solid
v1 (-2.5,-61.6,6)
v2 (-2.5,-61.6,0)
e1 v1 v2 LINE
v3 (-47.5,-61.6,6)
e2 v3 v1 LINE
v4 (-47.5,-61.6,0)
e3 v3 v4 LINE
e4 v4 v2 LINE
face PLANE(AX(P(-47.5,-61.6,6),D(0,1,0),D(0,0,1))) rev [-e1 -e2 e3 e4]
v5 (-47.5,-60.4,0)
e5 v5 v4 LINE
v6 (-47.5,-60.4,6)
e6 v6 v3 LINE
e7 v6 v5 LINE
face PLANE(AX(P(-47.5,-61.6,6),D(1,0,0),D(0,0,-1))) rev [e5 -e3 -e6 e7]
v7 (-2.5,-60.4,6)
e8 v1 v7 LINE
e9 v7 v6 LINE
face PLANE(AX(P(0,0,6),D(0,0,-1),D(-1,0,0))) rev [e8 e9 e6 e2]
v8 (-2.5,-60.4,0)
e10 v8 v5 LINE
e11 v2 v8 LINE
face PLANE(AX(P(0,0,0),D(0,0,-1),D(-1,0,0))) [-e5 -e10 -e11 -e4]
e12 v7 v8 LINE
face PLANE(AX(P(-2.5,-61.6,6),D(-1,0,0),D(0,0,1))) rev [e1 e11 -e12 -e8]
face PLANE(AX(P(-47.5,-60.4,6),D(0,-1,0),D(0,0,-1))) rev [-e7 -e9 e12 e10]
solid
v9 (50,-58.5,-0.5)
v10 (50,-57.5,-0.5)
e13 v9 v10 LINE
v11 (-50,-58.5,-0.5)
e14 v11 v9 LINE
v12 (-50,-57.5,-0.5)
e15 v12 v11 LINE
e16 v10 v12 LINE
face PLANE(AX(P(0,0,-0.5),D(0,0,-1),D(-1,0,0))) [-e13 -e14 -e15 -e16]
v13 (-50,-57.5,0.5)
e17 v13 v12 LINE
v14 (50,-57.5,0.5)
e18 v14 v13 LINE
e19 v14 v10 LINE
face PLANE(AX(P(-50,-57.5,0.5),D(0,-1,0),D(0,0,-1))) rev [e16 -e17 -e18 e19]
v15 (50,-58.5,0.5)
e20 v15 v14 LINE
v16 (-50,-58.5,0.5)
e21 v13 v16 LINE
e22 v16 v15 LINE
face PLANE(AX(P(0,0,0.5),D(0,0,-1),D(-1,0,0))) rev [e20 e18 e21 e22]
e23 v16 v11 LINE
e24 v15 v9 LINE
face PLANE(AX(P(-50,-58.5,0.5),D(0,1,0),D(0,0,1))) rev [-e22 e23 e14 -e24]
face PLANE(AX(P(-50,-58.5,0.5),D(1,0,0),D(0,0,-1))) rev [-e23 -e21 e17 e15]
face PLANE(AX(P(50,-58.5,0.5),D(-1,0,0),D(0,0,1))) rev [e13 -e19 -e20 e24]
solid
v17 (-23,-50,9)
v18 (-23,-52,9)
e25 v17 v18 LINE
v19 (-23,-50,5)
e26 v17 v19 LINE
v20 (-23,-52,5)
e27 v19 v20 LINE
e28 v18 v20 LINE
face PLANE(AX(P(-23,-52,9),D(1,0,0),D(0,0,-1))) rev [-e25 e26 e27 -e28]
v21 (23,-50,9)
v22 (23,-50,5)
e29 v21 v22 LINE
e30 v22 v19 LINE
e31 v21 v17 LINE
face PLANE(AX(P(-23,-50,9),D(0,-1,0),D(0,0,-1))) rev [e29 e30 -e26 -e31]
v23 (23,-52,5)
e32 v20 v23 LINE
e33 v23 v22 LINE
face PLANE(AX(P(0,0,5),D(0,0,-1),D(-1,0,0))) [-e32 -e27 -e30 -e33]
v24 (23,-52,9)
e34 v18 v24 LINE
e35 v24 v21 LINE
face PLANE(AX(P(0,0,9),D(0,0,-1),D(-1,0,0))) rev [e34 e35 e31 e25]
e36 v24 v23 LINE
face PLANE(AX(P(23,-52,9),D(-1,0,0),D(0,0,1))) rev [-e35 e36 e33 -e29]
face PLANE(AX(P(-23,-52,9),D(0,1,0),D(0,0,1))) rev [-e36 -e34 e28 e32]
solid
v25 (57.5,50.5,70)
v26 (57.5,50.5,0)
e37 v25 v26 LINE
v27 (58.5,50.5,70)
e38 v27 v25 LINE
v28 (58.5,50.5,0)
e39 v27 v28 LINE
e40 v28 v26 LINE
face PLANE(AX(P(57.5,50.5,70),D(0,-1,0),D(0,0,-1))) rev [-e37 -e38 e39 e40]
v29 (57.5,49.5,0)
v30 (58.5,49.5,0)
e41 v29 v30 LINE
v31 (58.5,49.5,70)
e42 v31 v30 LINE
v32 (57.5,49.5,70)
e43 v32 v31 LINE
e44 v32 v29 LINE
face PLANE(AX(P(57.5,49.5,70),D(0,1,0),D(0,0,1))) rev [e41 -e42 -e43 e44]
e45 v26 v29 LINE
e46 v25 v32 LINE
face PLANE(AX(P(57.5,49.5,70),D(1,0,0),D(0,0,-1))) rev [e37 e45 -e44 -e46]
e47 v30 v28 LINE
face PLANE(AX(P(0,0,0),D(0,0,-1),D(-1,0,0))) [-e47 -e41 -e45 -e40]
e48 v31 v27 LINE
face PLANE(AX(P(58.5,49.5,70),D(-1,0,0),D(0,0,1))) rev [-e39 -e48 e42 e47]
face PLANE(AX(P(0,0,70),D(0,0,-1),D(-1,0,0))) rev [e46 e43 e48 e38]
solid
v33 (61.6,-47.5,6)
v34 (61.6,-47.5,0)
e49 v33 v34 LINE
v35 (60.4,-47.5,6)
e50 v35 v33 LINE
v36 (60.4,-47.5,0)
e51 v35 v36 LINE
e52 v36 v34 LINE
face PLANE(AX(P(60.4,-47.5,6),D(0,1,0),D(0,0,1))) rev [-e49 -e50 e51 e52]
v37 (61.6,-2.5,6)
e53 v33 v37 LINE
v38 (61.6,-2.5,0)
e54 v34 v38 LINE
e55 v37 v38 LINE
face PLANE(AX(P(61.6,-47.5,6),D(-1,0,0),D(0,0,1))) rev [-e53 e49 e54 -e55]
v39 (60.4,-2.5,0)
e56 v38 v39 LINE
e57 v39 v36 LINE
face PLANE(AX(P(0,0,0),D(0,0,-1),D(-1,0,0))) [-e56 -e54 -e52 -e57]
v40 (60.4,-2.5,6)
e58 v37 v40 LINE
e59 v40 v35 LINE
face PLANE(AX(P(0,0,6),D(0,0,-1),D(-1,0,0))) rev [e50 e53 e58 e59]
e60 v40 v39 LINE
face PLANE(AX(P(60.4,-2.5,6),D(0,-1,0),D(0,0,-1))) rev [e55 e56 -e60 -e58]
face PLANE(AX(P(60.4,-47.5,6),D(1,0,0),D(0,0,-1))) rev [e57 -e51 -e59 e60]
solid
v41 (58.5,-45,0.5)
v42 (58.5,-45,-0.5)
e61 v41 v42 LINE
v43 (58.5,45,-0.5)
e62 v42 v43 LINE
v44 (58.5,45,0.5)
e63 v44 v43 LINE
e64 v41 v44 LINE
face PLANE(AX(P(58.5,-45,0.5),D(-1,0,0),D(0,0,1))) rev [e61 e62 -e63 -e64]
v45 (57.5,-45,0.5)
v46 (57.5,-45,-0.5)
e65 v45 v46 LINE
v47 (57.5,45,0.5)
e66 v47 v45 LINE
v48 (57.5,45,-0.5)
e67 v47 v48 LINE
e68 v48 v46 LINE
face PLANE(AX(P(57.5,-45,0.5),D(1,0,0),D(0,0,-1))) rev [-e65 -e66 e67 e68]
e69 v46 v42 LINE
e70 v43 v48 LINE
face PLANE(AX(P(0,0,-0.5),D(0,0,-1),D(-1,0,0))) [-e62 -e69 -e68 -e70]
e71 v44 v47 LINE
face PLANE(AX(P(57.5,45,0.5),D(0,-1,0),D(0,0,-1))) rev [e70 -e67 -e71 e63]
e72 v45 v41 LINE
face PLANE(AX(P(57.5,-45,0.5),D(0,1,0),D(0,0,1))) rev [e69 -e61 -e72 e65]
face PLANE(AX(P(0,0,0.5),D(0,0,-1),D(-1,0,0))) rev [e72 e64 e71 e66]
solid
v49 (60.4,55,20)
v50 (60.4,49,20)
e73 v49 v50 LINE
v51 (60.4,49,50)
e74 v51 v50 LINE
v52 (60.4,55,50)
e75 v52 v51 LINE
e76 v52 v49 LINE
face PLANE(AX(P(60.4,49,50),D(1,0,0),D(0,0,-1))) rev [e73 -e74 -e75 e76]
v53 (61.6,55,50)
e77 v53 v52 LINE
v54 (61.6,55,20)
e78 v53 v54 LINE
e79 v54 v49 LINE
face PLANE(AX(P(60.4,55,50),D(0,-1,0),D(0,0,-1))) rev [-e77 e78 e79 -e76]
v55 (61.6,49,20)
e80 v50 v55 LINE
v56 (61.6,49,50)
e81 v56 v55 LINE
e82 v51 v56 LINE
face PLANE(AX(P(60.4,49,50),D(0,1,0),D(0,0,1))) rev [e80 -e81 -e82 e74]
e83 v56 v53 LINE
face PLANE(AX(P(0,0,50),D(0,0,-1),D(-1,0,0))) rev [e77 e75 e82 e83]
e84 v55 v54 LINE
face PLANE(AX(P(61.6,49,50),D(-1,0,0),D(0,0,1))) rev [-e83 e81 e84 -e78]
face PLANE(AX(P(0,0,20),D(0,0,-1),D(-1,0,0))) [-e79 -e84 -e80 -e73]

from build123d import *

# Parameters (mm, degrees)
OVERALL_START                                = -0.5
SKETCH_1_W                                   = 100
SKETCH_1_H                                   = 1
OVERALL_X_DIMENSION_MARKER_BODY_LENGTH_DEPTH = 1
SKETCH_2_W                                   = 1
SKETCH_2_H                                   = 90
OVERALL_Y_DIMENSION_MARKER_BODY_WIDTH_DEPTH  = 1
SKETCH_3_W                                   = 1
SKETCH_3_H                                   = 1
OVERALL_Z_DIMENSION_MARKER_BODY_HEIGHT_DEPTH = 70
FRONT_START                                  = 5
SKETCH_4_W                                   = 46
SKETCH_4_H                                   = 2
FRONT_ARROW_SENSOR_FACE_MARKER_DEPTH         = 4
SKETCH_5_W                                   = 45
SKETCH_5_H                                   = 1.2
OVERALL_LABEL_PLATE_100MM_DEPTH              = 6
SKETCH_6_W                                   = 1.2
SKETCH_6_H                                   = 45
OVERALL_LABEL_PLATE_90MM_DEPTH               = 6
OVERALL_START_2                              = 20
SKETCH_7_W                                   = 1.2
SKETCH_7_H                                   = 6
OVERALL_LABEL_PLATE_70MM_DEPTH               = 30


with BuildPart() as part:
    # 草图1 → overall X dimension marker - body length 100 mm (new body)
    with BuildSketch(Plane.XY.offset(OVERALL_START)):
        with Locations((0, -58)):
            Rectangle(SKETCH_1_W, SKETCH_1_H)
    extrude(amount=OVERALL_X_DIMENSION_MARKER_BODY_LENGTH_DEPTH)


with BuildPart() as body_2:
    # 草图2 → overall Y dimension marker - body width 90 mm (new body)
    with BuildSketch(Plane.XY.offset(OVERALL_START)):
        with Locations((58, 0)):
            Rectangle(SKETCH_2_W, SKETCH_2_H)
    extrude(amount=OVERALL_Y_DIMENSION_MARKER_BODY_WIDTH_DEPTH)


with BuildPart() as body_3:
    # 草图3 → overall Z dimension marker - body height 70 mm (new body)
    with BuildSketch(Plane.XY):
        with Locations((58, 50)):
            Rectangle(SKETCH_3_W, SKETCH_3_H)
    extrude(amount=OVERALL_Z_DIMENSION_MARKER_BODY_HEIGHT_DEPTH)


with BuildPart() as body_4:
    # 草图4 → front arrow / sensor face marker (new body)
    with BuildSketch(Plane.XY.offset(FRONT_START)):
        with Locations((0, -51)):
            Rectangle(SKETCH_4_W, SKETCH_4_H)
    extrude(amount=FRONT_ARROW_SENSOR_FACE_MARKER_DEPTH)


with BuildPart() as body_5:
    # 草图5 → overall label plate - 100mm (new body)
    with BuildSketch(Plane.XY):
        with Locations((-25, -61)):
            Rectangle(SKETCH_5_W, SKETCH_5_H)
    extrude(amount=OVERALL_LABEL_PLATE_100MM_DEPTH)


with BuildPart() as body_6:
    # 草图6 → overall label plate - 90mm (new body)
    with BuildSketch(Plane.XY):
        with Locations((61, -25)):
            Rectangle(SKETCH_6_W, SKETCH_6_H)
    extrude(amount=OVERALL_LABEL_PLATE_90MM_DEPTH)


with BuildPart() as body_7:
    # 草图7 → overall label plate - 70mm (new body)
    with BuildSketch(Plane.XY.offset(OVERALL_START_2)):
        with Locations((61, 52)):
            Rectangle(SKETCH_7_W, SKETCH_7_H)
    extrude(amount=OVERALL_LABEL_PLATE_70MM_DEPTH)


solid = Compound([part.part, body_2.part, body_3.part, body_4.part, body_5.part, body_6.part, body_7.part])
